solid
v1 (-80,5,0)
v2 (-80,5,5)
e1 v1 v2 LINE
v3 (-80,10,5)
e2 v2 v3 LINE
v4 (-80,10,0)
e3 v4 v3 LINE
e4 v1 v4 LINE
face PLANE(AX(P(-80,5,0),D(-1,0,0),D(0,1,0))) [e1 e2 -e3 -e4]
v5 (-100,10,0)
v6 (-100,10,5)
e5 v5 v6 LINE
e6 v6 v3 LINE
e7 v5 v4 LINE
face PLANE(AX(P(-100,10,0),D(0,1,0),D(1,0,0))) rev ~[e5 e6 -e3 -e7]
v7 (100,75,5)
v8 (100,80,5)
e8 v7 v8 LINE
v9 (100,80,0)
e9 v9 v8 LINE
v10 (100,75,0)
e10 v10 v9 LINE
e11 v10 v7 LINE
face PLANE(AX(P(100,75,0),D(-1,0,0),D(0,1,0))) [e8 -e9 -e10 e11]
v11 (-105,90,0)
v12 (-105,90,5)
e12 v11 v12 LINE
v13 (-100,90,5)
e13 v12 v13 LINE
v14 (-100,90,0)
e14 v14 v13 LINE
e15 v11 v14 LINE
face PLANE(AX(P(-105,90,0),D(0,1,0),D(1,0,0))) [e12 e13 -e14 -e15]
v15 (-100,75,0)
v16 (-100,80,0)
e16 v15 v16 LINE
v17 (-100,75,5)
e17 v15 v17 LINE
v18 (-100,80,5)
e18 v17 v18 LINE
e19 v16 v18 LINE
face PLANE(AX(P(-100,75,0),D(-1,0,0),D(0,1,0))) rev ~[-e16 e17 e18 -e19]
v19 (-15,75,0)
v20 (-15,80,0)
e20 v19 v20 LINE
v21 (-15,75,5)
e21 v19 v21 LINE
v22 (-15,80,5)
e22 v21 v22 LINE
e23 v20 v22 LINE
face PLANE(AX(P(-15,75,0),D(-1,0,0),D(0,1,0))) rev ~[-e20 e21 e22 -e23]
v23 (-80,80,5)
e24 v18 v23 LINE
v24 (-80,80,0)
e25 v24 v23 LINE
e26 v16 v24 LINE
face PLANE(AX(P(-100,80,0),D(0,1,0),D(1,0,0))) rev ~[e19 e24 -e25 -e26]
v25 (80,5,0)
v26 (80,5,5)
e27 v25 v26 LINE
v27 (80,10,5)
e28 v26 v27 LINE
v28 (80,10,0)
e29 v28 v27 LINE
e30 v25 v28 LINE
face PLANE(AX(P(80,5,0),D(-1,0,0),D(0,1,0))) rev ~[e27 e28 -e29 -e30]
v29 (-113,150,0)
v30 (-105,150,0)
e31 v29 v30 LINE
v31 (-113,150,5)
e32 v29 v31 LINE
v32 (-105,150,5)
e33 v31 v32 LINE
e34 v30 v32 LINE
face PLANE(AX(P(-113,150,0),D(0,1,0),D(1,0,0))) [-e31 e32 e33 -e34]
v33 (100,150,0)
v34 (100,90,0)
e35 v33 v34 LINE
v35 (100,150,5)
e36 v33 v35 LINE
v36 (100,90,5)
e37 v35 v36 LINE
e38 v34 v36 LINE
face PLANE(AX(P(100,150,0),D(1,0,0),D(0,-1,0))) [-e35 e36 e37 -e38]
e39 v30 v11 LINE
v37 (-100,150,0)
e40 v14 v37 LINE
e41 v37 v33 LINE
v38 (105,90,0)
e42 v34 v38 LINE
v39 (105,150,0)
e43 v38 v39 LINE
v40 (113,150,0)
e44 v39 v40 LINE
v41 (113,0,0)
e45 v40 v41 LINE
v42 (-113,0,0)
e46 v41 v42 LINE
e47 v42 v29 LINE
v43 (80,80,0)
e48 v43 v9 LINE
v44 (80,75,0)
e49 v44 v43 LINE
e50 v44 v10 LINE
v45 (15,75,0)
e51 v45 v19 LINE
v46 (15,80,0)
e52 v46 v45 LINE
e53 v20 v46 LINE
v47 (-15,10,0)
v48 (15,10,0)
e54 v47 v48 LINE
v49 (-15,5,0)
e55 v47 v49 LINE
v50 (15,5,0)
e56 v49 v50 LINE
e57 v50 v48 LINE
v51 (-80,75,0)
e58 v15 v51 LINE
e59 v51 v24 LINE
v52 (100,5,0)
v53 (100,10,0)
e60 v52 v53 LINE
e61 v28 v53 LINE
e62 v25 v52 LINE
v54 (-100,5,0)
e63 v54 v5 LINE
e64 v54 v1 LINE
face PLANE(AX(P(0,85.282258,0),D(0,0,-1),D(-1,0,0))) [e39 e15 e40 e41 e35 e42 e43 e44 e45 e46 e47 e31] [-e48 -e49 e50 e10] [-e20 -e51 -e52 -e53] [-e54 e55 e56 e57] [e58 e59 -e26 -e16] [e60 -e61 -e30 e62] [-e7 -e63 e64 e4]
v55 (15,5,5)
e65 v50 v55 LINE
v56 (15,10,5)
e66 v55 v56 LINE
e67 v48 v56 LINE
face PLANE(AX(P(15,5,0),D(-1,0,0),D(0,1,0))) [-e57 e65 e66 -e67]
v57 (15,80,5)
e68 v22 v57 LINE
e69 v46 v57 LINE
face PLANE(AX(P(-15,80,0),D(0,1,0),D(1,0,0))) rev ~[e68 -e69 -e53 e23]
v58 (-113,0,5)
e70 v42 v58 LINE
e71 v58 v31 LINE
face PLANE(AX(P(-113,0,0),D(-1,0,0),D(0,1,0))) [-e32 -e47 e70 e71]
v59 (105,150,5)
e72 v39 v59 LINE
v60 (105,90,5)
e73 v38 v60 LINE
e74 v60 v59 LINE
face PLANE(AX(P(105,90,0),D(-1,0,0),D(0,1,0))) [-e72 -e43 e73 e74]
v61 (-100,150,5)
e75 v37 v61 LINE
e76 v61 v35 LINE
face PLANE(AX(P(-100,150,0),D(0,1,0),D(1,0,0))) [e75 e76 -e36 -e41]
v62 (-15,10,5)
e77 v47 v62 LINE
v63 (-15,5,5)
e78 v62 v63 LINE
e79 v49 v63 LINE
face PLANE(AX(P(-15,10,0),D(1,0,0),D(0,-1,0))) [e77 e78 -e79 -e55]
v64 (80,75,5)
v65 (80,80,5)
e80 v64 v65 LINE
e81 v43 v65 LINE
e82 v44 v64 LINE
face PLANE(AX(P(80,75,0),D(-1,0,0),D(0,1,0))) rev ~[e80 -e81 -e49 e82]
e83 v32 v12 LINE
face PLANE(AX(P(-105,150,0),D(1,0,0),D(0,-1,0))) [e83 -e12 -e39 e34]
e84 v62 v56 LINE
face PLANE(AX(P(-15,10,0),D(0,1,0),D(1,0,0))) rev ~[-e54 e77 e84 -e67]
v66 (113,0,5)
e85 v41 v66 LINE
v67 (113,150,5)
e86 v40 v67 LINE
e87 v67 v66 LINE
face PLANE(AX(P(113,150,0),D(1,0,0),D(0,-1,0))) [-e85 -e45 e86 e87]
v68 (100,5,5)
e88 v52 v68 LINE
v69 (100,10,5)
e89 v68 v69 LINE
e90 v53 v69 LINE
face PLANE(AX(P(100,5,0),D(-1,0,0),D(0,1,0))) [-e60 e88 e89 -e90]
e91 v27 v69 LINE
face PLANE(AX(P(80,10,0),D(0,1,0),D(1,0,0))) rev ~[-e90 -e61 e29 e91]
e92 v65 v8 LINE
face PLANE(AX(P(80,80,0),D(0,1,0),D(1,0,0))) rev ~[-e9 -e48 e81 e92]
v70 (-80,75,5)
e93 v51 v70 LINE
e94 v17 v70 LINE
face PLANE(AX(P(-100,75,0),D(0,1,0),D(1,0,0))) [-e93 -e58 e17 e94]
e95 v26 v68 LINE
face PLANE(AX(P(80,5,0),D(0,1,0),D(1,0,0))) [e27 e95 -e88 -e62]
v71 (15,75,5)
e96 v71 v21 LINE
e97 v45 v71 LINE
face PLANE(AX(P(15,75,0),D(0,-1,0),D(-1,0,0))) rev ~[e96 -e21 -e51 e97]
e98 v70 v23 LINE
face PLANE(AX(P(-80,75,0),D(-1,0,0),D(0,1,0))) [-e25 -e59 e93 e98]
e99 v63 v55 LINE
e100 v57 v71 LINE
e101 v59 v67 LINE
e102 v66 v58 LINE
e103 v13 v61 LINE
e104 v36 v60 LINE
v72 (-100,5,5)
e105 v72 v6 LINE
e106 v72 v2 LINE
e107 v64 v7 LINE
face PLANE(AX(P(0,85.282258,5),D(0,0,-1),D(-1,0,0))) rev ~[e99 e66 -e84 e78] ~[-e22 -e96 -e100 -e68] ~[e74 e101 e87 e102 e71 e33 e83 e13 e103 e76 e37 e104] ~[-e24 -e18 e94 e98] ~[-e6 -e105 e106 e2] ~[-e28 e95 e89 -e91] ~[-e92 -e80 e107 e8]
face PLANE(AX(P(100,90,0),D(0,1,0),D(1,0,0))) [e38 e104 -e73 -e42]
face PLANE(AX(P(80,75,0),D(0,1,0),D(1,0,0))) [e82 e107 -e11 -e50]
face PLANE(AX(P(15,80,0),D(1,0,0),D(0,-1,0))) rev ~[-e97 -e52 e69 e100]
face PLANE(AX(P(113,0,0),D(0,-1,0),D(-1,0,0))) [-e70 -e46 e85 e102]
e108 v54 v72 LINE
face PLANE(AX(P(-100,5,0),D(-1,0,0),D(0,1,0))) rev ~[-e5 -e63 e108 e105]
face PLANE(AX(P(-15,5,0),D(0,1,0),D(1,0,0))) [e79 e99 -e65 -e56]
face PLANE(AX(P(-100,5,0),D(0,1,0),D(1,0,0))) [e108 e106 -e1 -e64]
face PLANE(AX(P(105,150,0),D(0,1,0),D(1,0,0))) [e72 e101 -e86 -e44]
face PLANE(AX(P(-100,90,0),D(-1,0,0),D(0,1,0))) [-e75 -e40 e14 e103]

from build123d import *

# Parameters (mm, degrees)
ESQUISSE1_W        = 20
ESQUISSE1_H        = 5
BOSS_EXTRU_1_DEPTH = 5


with BuildPart() as part:
    # Esquisse1 → Boss.-Extru.1 (new body)
    with BuildSketch(Plane.XY):
        Polygon((-100, 150), (100, 150), (100, 90), (105, 90), (105, 150), (113, 150), (113, 0), (-113, 0), (-113, 150), (-105, 150), (-105, 90), (-100, 90), align=None)
        with Locations((90, 7.5)):
            Rectangle(ESQUISSE1_W, ESQUISSE1_H, mode=Mode.SUBTRACT)
        with Locations((90, 77.5)):
            Rectangle(ESQUISSE1_W, ESQUISSE1_H, mode=Mode.SUBTRACT)
        Polygon((-15, 5), (15, 5), (15, 10), (0, 10), (-15, 10), align=None, mode=Mode.SUBTRACT)
        Polygon((-15, 80), (0, 80), (15, 80), (15, 75), (-15, 75), align=None, mode=Mode.SUBTRACT)
        with Locations((-90, 7.5)):
            Rectangle(ESQUISSE1_W, ESQUISSE1_H, mode=Mode.SUBTRACT)
        with Locations((-90, 77.5)):
            Rectangle(ESQUISSE1_W, ESQUISSE1_H, mode=Mode.SUBTRACT)
    extrude(amount=BOSS_EXTRU_1_DEPTH)


solid = part.part
